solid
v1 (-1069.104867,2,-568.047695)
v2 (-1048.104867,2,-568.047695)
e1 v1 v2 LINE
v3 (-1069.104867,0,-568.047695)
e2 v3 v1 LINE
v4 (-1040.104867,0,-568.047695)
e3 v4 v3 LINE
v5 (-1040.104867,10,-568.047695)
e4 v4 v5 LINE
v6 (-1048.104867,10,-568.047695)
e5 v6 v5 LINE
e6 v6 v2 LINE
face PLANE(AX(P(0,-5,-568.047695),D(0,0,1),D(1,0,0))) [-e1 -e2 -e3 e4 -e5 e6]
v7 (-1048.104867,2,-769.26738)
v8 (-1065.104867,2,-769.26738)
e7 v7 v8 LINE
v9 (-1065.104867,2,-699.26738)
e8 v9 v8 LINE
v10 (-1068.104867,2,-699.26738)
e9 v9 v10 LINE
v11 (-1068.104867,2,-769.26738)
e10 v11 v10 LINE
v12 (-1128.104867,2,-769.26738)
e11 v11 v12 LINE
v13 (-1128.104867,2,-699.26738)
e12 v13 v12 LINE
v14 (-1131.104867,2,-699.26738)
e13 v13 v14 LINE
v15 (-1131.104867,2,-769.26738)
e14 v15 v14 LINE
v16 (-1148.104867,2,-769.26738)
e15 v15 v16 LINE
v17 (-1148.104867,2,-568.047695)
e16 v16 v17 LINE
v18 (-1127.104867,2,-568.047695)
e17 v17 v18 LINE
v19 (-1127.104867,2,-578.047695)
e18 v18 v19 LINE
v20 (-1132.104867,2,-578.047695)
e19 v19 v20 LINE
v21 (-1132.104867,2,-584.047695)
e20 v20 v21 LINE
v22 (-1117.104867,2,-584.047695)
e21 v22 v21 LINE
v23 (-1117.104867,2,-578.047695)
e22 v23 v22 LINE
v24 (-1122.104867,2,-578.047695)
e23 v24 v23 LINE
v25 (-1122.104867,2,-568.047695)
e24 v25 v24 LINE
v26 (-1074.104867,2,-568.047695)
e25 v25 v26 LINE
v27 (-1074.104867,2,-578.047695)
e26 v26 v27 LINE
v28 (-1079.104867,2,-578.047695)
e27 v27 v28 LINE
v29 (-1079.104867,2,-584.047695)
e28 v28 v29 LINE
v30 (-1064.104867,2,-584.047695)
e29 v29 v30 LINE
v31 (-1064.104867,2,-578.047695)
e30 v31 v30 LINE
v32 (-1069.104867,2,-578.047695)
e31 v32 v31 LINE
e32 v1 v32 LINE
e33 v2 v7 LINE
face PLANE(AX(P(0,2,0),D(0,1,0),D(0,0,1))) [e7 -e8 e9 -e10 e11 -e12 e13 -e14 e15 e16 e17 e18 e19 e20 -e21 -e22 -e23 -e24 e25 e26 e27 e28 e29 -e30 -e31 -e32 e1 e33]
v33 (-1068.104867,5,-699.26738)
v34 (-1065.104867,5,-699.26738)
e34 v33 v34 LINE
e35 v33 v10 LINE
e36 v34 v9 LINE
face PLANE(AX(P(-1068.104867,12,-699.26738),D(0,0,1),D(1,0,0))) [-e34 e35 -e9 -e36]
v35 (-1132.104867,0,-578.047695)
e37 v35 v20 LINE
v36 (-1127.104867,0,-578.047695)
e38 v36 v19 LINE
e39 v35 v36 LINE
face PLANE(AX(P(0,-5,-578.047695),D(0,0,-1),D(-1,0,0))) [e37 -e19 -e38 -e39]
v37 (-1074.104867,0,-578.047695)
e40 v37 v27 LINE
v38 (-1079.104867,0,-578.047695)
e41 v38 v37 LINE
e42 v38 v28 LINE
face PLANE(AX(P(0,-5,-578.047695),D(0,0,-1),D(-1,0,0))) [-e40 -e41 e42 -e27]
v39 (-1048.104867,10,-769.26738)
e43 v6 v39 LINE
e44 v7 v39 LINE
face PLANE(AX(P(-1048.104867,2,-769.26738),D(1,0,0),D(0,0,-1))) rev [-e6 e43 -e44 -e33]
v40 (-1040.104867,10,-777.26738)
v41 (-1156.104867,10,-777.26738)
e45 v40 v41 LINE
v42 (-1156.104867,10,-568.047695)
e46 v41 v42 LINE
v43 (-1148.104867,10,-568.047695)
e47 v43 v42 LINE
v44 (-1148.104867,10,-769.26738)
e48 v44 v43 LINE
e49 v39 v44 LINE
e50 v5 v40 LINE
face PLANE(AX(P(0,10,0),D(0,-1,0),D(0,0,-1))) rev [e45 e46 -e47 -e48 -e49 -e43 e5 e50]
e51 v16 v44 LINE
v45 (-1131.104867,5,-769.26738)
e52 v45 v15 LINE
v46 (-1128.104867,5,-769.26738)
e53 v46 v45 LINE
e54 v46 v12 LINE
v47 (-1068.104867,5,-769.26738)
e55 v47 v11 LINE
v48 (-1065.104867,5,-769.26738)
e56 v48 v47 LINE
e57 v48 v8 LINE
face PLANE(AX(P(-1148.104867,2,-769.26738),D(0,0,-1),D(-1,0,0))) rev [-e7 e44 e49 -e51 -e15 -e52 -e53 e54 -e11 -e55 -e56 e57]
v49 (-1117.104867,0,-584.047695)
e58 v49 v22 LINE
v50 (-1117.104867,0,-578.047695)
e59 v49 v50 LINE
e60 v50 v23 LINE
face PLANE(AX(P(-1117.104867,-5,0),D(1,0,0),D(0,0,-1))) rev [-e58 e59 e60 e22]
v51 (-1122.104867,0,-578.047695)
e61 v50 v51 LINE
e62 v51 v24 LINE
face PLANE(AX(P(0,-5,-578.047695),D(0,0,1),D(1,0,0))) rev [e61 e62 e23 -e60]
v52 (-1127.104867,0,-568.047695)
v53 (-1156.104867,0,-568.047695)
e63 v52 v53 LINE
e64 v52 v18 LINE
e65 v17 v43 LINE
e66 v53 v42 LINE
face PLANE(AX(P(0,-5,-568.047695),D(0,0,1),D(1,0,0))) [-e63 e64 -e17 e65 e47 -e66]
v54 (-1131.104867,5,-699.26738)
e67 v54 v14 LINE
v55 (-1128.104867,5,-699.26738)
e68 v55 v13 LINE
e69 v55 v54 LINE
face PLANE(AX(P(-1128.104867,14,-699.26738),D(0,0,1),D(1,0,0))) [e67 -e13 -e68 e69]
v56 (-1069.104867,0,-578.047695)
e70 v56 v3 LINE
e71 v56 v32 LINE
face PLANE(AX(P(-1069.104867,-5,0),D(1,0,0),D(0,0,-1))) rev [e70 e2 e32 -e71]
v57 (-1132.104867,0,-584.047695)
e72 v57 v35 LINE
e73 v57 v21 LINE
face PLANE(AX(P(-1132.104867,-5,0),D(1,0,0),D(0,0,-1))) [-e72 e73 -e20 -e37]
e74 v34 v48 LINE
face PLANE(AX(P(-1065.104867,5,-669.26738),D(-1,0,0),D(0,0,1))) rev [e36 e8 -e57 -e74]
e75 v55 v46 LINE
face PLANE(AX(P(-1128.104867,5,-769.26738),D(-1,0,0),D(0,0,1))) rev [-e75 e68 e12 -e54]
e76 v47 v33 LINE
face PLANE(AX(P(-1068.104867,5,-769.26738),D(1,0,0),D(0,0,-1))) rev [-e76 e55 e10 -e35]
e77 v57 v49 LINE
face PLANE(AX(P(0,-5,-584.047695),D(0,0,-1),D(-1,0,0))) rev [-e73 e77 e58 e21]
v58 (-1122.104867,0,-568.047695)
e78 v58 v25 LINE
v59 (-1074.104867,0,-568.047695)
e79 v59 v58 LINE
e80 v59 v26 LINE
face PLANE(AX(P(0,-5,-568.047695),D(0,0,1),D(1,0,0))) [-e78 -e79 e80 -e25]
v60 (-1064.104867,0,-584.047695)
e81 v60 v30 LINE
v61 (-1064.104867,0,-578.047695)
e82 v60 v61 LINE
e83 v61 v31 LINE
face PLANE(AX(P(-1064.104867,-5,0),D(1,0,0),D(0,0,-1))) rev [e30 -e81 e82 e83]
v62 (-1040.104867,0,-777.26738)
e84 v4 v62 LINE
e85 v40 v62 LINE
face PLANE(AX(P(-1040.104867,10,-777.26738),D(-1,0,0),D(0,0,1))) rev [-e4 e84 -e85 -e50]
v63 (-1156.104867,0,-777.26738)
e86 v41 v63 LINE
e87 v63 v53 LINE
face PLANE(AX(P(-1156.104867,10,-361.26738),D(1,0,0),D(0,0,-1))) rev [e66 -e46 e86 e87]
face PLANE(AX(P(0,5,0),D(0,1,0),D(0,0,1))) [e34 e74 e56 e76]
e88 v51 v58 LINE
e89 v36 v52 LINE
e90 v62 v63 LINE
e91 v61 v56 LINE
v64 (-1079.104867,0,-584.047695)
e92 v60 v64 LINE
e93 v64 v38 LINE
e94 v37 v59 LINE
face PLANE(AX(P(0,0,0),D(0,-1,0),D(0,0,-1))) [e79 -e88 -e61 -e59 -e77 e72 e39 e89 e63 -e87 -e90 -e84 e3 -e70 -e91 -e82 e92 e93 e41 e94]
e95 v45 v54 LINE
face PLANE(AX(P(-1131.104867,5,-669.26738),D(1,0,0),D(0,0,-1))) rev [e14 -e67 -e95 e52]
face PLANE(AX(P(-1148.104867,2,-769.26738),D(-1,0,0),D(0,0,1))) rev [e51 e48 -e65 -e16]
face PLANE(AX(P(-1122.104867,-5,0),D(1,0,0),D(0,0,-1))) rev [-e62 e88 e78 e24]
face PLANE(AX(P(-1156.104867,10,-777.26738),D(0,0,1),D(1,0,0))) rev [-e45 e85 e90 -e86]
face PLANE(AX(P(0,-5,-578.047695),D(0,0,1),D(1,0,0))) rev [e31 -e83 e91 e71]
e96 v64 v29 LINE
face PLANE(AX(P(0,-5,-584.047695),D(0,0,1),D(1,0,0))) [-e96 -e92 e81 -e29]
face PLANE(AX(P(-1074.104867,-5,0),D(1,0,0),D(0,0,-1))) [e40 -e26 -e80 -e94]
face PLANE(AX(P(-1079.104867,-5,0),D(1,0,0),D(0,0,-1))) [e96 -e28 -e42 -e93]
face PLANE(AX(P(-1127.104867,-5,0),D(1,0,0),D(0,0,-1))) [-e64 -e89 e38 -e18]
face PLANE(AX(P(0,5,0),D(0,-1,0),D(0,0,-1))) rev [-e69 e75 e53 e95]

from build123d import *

# Parameters (mm, degrees)
SKETCH3_W               = 116
SKETCH3_H               = 416
BOSS_EXTRUDE1_DEPTH     = 10
SKETCH4_W               = 100
SKETCH4_H               = 400
CUT_EXTRUDE1_DEPTH      = 8
SKETCH6_W               = 3
SKETCH6_H               = 100
BOSS_EXTRUDE4_DEPTH     = 3
SKETCH7_R               = 1.5
BOSS_EXTRUDE5_DEPTH     = 3
CUT_EXTRUDE2_DEPTH      = 10
CUT_EXTRUDE2_DEPTH_BACK = 10
SKETCH8_W               = 116
SKETCH8_H               = 176.78031556
CUT_EXTRUDE4_DEPTH      = 37
CUT_EXTRUDE5_DEPTH      = 10
SKETCH11_W              = 8
SKETCH11_H              = 30
CUT_EXTRUDE6_DEPTH      = 10
SKETCH12_W              = 3
SKETCH12_H              = 30
CUT_EXTRUDE7_DEPTH      = 10
SKETCH13_W              = 3
SKETCH13_H              = 30
CUT_EXTRUDE10_DEPTH     = 14
SKETCH14_W              = 3
SKETCH14_H              = 30
BOSS_EXTRUDE8_DEPTH     = 2


with BuildPart() as part:
    # Sketch3 → Boss-Extrude1 (new body)
    with BuildSketch(Plane(origin=(0, 0, 0), x_dir=(1, 0, 0), z_dir=(0, 1, 0))):
        with Locations((-1098.104867157, 569.267379684)):
            Rectangle(SKETCH3_W, SKETCH3_H)
    extrude(amount=BOSS_EXTRUDE1_DEPTH)

    # Sketch4 → Cut-Extrude1 (cut)
    with BuildSketch(Plane(origin=(0, 10, 0), x_dir=(1, 0, 0), z_dir=(0, 1, 0))):
        with Locations((-1098.104867157, 569.267379684)):
            Rectangle(SKETCH4_W, SKETCH4_H)
    extrude(amount=-CUT_EXTRUDE1_DEPTH, mode=Mode.SUBTRACT)

    # Sketch6 → Boss-Extrude4 (add)
    with BuildSketch(Plane(origin=(0, 2, 0), x_dir=(1, 0, 0), z_dir=(0, 1, 0))):
        with Locations((-1129.604867157, 719.267379684)):
            Rectangle(SKETCH6_W, SKETCH6_H)
        with Locations((-1066.604867157, 719.267379684)):
            Rectangle(SKETCH6_W, SKETCH6_H)
    extrude(amount=BOSS_EXTRUDE4_DEPTH)

    # Sketch7 → Boss-Extrude5 (add)
    with BuildSketch(Plane(origin=(0, 2, 0), x_dir=(1, 0, 0), z_dir=(0, 1, 0))):
        with Locations(Location((-1085.404867157, 452.168271652, 0), (0, 0, 270))):
            Circle(SKETCH7_R)
    extrude(amount=BOSS_EXTRUDE5_DEPTH)

    # Sketch8 → Cut-Extrude2 (cut, two sides: drawn at the far end of the back side and taken through both)
    with BuildSketch(Plane(origin=(0, 2, 0), x_dir=(1, 0, 0), z_dir=(0, 1, 0)).offset(-CUT_EXTRUDE2_DEPTH_BACK)):
        with Locations((-1098.104867157, 449.657537464)):
            Rectangle(SKETCH8_W, SKETCH8_H)
    extrude(amount=CUT_EXTRUDE2_DEPTH + CUT_EXTRUDE2_DEPTH_BACK, mode=Mode.SUBTRACT)

    # Sketch9 → Cut-Extrude4 (cut)
    with BuildSketch(Plane(origin=(0, 2, 0), x_dir=(1, 0, 0), z_dir=(0, 1, 0))):
        Polygon((-1127.104867157, 548.047695244), (-1127.104867157, 538.047695244), (-1122.104867157, 538.047695244), (-1122.104867157, 548.047695244), (-1117.104867157, 548.047695244), (-1117.104867157, 554.047695244), (-1132.104867157, 554.047695244), (-1132.104867157, 548.047695244), align=None)
        Polygon((-1074.104867157, 548.047695244), (-1074.104867157, 538.047695244), (-1069.104867157, 538.047695244), (-1069.104867157, 548.047695244), (-1064.104867157, 548.047695244), (-1064.104867157, 554.047695244), (-1079.104867157, 554.047695244), (-1079.104867157, 548.047695244), align=None)
    extrude(amount=-CUT_EXTRUDE4_DEPTH, mode=Mode.SUBTRACT)

    # Sketch10 → Cut-Extrude5 (cut)
    with BuildSketch(Plane(origin=(0, 5, 0), x_dir=(1, 0, 0), z_dir=(0, 1, 0))):
        Polygon((-1127.104867157, 578.047695244), (-1127.104867157, 568.047695244), (-1122.104867157, 568.047695244), (-1122.104867157, 578.047695244), (-1117.104867157, 578.047695244), (-1117.104867157, 584.047695244), (-1132.104867157, 584.047695244), (-1132.104867157, 578.047695244), align=None)
        Polygon((-1156.104867157, 568.047695244), (-1156.104867157, 538.047695244), (-1040.104867157, 538.047695244), (-1040.104867157, 568.047695244), (-1069.104867157, 568.047695244), (-1074.104867157, 568.047695244), (-1122.104867157, 568.047695244), (-1127.104867157, 568.047695244), align=None)
        Polygon((-1069.104867157, 568.047695244), (-1074.104867157, 568.047695244), (-1074.104867157, 578.047695244), (-1079.104867157, 578.047695244), (-1079.104867157, 584.047695244), (-1064.104867157, 584.047695244), (-1064.104867157, 578.047695244), (-1069.104867157, 578.047695244), align=None)
    extrude(amount=-CUT_EXTRUDE5_DEPTH, mode=Mode.SUBTRACT)

    # Sketch11 → Cut-Extrude6 (cut)
    with BuildSketch(Plane(origin=(0, 0, 0), x_dir=(1, 0, 0), z_dir=(0, 1, 0))):
        with Locations((-1152.104867157, 553.047695244)):
            Rectangle(SKETCH11_W, SKETCH11_H)
        with Locations((-1044.104867157, 553.047695244)):
            Rectangle(SKETCH11_W, SKETCH11_H)
    extrude(amount=CUT_EXTRUDE6_DEPTH, mode=Mode.SUBTRACT)

    # Sketch12 → Cut-Extrude7 (cut)
    with BuildSketch(Plane(origin=(0, 2, 0), x_dir=(1, 0, 0), z_dir=(0, 1, 0))):
        with Locations((-1066.604867157, 684.267379684)):
            Rectangle(SKETCH12_W, SKETCH12_H)
    extrude(amount=CUT_EXTRUDE7_DEPTH, mode=Mode.SUBTRACT)

    # Sketch13 → Cut-Extrude10 (cut)
    with BuildSketch(Plane(origin=(0, 0, 0), x_dir=(1, 0, 0), z_dir=(0, 1, 0))):
        with Locations((-1129.604867157, 684.267379684)):
            Rectangle(SKETCH13_W, SKETCH13_H)
    extrude(amount=CUT_EXTRUDE10_DEPTH, mode=Mode.SUBTRACT)

    # Sketch14 → Boss-Extrude8 (add)
    with BuildSketch(Plane(origin=(0, 0, 0), x_dir=(1, 0, 0), z_dir=(0, 1, 0))):
        with Locations((-1129.604867157, 684.267379684)):
            Rectangle(SKETCH14_W, SKETCH14_H)
    extrude(amount=BOSS_EXTRUDE8_DEPTH)


solid = part.part
